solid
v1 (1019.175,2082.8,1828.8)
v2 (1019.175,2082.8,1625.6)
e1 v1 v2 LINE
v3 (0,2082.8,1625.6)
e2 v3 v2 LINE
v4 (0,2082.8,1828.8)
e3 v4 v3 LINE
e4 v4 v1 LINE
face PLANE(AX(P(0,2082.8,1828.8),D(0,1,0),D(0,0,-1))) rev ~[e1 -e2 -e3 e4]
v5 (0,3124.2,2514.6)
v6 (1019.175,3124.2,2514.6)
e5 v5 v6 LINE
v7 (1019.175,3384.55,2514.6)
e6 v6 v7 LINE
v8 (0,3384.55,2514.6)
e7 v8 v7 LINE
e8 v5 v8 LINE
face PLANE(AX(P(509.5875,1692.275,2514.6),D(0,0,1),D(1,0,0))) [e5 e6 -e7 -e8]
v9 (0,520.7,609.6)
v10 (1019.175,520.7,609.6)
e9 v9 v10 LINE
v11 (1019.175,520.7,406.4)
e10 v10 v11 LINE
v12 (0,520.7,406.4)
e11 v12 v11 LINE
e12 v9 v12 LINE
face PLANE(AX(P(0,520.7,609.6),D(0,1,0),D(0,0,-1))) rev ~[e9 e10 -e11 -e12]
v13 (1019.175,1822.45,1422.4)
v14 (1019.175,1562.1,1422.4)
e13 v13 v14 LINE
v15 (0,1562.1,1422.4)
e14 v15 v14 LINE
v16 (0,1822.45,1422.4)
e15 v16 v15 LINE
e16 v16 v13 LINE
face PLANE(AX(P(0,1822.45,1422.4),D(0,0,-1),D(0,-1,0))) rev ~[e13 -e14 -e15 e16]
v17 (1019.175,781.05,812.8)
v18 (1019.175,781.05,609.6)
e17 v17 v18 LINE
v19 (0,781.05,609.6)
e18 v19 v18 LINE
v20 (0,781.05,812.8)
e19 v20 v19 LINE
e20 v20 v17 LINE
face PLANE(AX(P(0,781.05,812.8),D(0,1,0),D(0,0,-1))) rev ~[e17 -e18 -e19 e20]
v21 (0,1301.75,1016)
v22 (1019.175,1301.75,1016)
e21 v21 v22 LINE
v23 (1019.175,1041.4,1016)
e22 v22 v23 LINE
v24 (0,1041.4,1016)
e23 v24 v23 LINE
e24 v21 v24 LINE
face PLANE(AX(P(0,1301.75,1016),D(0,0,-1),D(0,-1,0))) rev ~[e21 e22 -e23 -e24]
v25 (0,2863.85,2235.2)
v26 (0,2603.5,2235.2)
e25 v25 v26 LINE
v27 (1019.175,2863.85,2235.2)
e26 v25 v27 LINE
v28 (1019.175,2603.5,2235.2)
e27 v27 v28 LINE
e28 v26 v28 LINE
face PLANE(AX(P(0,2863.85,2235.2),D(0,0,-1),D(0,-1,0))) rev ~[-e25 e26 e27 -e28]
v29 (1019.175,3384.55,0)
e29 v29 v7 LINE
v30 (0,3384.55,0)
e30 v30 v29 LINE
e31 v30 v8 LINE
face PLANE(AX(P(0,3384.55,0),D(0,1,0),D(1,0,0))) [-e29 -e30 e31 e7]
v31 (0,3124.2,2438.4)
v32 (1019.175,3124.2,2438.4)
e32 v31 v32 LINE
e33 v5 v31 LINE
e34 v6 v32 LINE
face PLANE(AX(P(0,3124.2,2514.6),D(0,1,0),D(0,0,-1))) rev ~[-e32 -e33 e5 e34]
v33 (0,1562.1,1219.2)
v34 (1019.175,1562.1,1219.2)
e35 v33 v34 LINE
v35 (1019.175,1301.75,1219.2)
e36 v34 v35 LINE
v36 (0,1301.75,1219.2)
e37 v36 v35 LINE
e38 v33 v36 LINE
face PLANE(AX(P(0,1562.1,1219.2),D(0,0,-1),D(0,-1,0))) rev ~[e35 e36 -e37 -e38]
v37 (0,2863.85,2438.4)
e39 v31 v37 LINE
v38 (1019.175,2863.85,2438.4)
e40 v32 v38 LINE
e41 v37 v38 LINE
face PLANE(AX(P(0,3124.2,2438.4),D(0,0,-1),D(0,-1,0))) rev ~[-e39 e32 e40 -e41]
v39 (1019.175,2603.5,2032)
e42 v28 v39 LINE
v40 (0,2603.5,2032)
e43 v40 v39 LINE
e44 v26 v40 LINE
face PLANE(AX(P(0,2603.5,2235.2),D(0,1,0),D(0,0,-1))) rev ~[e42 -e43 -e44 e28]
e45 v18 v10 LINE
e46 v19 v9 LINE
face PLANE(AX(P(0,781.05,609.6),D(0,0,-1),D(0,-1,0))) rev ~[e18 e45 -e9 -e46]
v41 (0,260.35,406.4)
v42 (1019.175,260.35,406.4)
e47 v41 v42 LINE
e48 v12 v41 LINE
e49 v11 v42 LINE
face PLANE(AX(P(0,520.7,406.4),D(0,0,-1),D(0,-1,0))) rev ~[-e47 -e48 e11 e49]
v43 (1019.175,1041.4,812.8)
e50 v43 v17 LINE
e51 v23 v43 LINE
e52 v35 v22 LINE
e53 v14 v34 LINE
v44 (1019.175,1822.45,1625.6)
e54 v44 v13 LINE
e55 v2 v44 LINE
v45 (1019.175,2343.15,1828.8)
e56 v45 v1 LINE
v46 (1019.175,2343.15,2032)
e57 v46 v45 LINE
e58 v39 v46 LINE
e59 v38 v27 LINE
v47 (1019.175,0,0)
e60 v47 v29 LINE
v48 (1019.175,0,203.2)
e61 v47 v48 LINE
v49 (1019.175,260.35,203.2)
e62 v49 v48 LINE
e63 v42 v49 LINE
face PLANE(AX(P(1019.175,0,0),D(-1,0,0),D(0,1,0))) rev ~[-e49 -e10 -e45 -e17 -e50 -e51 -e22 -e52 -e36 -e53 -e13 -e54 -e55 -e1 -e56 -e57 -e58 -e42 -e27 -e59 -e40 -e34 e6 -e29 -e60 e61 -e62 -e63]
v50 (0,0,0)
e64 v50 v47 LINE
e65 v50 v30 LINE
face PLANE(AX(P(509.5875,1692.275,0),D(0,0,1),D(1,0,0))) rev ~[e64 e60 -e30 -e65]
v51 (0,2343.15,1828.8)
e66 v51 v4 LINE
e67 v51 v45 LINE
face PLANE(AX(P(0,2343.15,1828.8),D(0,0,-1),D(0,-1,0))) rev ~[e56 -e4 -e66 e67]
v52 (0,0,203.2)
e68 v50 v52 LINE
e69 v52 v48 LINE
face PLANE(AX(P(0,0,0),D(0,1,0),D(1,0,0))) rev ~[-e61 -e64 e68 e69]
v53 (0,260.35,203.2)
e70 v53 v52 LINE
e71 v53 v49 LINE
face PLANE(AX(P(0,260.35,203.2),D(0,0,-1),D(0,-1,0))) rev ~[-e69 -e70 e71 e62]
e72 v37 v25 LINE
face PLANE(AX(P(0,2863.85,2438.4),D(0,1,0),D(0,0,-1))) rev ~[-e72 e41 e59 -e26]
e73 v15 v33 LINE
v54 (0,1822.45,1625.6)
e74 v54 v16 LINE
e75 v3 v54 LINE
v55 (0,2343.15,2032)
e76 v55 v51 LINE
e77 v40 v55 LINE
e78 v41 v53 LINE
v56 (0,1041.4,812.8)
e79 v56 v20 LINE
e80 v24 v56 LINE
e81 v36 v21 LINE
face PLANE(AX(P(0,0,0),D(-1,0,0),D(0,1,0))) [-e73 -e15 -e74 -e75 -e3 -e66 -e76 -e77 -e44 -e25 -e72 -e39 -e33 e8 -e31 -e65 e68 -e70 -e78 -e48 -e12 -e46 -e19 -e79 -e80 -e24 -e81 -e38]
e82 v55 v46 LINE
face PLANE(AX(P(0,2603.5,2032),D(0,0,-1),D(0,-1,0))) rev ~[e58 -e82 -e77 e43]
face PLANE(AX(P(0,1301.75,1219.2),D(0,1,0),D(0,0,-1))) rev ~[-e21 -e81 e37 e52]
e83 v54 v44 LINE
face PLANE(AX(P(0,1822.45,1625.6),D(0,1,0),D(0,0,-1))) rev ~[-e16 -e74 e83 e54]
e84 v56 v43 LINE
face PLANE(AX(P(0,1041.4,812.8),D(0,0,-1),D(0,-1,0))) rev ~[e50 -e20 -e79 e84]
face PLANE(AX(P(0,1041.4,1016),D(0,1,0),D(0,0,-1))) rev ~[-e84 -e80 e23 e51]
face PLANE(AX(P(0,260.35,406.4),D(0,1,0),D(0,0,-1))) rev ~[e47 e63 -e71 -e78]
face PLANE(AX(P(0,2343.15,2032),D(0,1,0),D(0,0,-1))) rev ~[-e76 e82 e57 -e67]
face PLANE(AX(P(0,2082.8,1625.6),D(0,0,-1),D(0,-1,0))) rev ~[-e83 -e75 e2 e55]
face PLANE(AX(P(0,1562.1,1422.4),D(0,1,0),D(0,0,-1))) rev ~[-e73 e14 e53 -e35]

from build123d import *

# Parameters (mm, degrees)
F0_W     = 1019.175
F0_H     = 3384.55
F1_DEPTH = 2514.6
F3_DEPTH = 1019.175


with BuildPart() as f1:
    # F0 (on Top) → F1 (new body)
    with BuildSketch(Plane.XY):
        with Locations((509.5875, 1692.275)):
            Rectangle(F0_W, F0_H)
    extrude(amount=F1_DEPTH)

    # F2 (on face) → F3 (cut)
    with BuildSketch(Plane(origin=(0, 0, 0), x_dir=(0, -1, 0), z_dir=(-1, 0, 0))):
        Polygon((-260.35, 203.2), (0, 203.2), (0, 2514.6), (-3124.2, 2514.6), (-3124.2, 2438.4), (-2863.85, 2438.4), (-2863.85, 2235.2), (-2603.5, 2235.2), (-2603.5, 2032), (-2343.15, 2032), (-2343.15, 1828.8), (-2082.8, 1828.8), (-2082.8, 1625.6), (-1822.45, 1625.6), (-1822.45, 1422.4), (-1562.1, 1422.4), (-1562.1, 1219.2), (-1301.75, 1219.2), (-1301.75, 1016), (-1041.4, 1016), (-1041.4, 812.8), (-781.05, 812.8), (-781.05, 609.6), (-520.7, 609.6), (-520.7, 406.4), (-260.35, 406.4), align=None)
    extrude(amount=-F3_DEPTH, mode=Mode.SUBTRACT)


solid = f1.part
